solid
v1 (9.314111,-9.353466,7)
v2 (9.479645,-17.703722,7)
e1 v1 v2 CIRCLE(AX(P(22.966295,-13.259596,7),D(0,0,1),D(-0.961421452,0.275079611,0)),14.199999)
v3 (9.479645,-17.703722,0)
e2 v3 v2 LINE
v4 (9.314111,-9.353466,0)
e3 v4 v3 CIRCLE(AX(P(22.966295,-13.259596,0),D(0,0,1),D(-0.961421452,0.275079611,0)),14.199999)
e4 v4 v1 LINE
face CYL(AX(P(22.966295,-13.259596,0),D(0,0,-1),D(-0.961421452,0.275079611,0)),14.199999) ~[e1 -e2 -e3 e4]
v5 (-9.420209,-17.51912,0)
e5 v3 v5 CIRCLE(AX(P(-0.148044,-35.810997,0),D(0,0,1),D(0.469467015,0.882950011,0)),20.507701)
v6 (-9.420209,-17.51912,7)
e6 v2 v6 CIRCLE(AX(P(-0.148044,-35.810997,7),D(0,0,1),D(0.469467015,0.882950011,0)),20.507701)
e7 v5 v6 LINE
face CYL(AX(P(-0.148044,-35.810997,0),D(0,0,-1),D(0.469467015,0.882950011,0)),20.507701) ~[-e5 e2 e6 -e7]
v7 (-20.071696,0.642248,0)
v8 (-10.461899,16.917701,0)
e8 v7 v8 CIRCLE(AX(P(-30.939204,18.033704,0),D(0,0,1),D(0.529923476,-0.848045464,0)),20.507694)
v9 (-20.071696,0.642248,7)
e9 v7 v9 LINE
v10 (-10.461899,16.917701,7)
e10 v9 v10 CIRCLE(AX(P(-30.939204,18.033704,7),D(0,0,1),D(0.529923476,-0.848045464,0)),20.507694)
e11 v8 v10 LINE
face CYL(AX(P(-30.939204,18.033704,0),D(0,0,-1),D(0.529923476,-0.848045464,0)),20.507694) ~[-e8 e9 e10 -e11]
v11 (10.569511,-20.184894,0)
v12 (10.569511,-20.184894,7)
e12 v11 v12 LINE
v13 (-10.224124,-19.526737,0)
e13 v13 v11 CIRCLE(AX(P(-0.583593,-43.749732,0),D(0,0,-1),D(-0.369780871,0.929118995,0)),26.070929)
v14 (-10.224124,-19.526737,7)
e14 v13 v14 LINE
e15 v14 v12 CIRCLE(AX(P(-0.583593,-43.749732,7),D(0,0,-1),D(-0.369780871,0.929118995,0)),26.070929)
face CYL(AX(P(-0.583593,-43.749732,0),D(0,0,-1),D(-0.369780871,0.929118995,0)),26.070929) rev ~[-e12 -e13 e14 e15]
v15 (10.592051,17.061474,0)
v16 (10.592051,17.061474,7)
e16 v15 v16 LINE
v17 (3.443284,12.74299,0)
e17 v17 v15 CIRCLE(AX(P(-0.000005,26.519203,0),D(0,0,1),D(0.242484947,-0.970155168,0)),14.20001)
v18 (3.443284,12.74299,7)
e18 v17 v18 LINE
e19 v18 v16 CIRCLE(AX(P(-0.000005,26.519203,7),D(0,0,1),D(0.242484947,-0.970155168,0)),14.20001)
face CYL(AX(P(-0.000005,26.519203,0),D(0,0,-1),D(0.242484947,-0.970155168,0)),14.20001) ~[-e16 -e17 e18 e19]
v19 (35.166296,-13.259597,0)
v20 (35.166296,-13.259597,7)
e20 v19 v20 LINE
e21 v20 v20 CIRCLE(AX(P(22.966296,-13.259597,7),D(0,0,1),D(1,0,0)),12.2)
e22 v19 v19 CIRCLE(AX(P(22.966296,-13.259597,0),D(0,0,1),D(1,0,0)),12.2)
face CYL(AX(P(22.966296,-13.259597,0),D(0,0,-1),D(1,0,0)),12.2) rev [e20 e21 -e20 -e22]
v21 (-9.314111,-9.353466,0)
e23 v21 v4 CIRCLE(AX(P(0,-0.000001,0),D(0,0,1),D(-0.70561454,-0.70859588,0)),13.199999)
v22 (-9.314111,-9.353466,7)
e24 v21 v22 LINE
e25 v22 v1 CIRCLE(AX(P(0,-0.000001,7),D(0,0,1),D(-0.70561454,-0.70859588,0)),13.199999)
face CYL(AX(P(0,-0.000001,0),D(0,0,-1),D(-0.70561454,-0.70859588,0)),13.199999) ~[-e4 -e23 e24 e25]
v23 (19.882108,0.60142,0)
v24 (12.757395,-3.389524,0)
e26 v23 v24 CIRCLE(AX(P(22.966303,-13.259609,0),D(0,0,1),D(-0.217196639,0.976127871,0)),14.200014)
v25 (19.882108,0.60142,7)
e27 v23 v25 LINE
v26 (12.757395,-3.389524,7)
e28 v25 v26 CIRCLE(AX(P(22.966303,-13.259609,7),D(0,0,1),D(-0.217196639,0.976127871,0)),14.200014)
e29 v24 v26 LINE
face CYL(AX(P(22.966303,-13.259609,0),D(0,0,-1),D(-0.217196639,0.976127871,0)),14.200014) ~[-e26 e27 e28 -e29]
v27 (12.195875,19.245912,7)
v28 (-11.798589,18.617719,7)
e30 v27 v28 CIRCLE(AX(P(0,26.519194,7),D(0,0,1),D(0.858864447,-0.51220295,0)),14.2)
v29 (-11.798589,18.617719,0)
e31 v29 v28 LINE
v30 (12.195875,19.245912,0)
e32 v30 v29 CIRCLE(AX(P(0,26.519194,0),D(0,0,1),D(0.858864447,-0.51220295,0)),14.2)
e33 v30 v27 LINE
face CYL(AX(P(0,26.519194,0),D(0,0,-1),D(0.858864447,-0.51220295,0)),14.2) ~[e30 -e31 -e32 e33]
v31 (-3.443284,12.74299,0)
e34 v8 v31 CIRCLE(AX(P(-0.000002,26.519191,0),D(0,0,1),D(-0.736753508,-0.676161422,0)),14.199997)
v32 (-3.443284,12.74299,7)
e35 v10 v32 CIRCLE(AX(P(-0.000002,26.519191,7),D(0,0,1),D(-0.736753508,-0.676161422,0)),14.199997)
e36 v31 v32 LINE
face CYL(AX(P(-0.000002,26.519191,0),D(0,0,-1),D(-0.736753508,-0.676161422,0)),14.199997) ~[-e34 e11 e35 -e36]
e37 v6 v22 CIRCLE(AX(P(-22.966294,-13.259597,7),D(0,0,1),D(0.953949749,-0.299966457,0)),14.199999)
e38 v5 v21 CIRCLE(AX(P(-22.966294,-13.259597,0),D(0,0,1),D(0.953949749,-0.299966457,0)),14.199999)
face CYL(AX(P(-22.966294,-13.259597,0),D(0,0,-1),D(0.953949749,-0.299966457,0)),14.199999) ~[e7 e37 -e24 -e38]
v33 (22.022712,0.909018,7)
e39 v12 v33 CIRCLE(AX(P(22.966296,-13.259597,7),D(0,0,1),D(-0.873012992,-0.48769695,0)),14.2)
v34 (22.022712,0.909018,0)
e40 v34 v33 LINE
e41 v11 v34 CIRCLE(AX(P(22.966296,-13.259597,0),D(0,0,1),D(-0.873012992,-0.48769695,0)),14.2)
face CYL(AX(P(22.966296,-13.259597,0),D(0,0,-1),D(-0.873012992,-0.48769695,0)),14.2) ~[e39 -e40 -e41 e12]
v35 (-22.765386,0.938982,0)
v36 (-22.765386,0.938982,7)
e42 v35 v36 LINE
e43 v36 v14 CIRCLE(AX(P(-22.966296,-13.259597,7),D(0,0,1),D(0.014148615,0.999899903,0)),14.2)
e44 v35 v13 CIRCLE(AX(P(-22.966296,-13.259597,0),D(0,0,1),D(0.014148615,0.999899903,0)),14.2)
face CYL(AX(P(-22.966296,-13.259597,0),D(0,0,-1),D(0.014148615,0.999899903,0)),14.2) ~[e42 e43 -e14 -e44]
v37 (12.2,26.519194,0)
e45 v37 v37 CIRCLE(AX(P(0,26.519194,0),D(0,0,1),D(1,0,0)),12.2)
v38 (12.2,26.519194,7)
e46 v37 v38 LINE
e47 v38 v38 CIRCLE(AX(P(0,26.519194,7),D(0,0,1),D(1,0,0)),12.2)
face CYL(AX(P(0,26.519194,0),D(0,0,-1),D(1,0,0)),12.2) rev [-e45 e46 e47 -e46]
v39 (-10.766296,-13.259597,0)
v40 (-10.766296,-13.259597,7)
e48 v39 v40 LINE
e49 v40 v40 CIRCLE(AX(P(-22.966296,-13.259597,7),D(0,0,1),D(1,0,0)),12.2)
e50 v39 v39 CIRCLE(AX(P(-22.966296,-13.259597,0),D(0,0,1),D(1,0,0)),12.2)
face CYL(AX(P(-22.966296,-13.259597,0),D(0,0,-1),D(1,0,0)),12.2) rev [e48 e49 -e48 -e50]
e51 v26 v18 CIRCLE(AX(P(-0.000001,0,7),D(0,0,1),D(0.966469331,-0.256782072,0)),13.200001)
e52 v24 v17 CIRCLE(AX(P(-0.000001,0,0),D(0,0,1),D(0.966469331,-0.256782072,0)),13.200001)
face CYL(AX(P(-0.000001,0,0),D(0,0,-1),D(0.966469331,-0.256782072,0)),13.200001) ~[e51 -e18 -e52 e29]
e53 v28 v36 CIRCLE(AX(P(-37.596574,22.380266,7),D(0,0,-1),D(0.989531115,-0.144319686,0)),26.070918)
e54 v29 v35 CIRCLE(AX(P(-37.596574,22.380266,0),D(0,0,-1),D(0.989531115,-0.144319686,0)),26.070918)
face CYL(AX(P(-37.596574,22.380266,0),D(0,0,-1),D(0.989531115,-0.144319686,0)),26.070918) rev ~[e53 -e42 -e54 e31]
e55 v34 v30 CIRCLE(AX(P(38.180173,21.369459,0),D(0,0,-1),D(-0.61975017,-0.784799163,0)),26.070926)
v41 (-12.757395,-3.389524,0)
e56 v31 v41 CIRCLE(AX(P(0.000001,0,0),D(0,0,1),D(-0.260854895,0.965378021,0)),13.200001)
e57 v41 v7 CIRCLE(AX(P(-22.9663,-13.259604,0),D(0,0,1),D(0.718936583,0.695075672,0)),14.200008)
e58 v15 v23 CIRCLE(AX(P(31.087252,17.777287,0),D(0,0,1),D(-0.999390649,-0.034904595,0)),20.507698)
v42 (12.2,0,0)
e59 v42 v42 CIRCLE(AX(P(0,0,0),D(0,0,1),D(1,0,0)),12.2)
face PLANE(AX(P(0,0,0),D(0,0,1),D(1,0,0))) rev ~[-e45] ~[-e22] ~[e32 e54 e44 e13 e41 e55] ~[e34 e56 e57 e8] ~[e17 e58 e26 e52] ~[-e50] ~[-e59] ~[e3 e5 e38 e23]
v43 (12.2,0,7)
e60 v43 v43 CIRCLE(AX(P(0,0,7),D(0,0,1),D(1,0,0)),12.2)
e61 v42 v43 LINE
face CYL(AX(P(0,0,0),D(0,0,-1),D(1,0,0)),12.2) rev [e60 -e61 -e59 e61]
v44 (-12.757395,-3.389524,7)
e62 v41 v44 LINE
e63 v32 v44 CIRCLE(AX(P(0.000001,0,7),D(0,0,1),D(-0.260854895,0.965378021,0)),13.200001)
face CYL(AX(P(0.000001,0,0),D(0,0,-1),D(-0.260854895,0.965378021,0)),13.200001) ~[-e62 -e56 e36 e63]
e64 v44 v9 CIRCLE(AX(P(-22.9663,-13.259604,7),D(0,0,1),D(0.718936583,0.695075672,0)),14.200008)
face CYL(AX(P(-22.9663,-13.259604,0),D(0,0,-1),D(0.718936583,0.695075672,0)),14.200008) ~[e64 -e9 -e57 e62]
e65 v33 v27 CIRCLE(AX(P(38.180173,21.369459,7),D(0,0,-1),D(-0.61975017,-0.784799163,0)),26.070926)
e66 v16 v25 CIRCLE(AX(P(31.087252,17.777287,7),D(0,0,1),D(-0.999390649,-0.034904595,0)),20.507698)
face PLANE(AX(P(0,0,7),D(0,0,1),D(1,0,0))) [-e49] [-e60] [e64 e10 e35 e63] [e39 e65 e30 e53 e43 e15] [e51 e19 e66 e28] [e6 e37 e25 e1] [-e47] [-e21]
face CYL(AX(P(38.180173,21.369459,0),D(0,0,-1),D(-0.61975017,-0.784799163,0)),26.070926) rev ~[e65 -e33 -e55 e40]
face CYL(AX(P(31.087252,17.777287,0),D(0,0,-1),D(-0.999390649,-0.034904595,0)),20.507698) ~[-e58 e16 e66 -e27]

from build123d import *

# Parameters (mm, degrees)
F0_R     = 12.2
F1_DEPTH = 7


with BuildPart() as f1:
    # F0 (on Top) → F1 (new body)
    with BuildSketch(Plane.XY):
        with BuildLine():
            ThreePointArc((-10.461899, 16.917701), (-7.259172, 14.314915), (-3.443284, 12.74299))
            ThreePointArc((-3.443284, 12.74299), (-11.431535, 6.6), (-12.757395, -3.389524))
            ThreePointArc((-12.757395, -3.389524), (-16.111427, -0.823731), (-20.071696, 0.642248))
            ThreePointArc((-20.071696, 0.642248), (-21.411446, 0.855021), (-22.765386, 0.938982))
            ThreePointArc((-22.765386, 0.938982), (-35.073825, -20.679014), (-10.224124, -19.526737))
            ThreePointArc((-10.224124, -19.526737), (-9.783892, -18.538255), (-9.420209, -17.51912))
            ThreePointArc((-9.420209, -17.51912), (-8.767494, -13.444085), (-9.314111, -9.353466))
            ThreePointArc((-9.314111, -9.353466), (0, -13.2), (9.314111, -9.353466))
            ThreePointArc((9.314111, -9.353466), (8.769085, -13.541039), (9.479645, -17.703722))
            ThreePointArc((9.479645, -17.703722), (9.965253, -18.970367), (10.569511, -20.184894))
            ThreePointArc((10.569511, -20.184894), (35.445464, -20.035316), (22.022712, 0.909018))
            ThreePointArc((22.022712, 0.909018), (20.946546, 0.796028), (19.882108, 0.60142))
            ThreePointArc((19.882108, 0.60142), (16.026666, -0.870831), (12.757395, -3.389524))
            ThreePointArc((12.757395, -3.389524), (11.431535, 6.6), (3.443284, 12.74299))
            ThreePointArc((3.443284, 12.74299), (7.342341, 14.36477), (10.592051, 17.061474))
            ThreePointArc((10.592051, 17.061474), (11.446193, 18.115346), (12.195875, 19.245912))
            ThreePointArc((12.195875, 19.245912), (-0.371639, 40.71433), (-11.798589, 18.617719))
            ThreePointArc((-11.798589, 18.617719), (-11.162654, 17.742227), (-10.461899, 16.917701))
        make_face()
        with Locations((-22.966296, -13.259597)):
            Circle(F0_R, mode=Mode.SUBTRACT)
        with Locations((22.966296, -13.259597)):
            Circle(F0_R, mode=Mode.SUBTRACT)
        Circle(F0_R, mode=Mode.SUBTRACT)
        with Locations((0, 26.519194)):
            Circle(F0_R, mode=Mode.SUBTRACT)
        with BuildLine():
            ThreePointArc((-20.071696, 0.642248), (-13.280016, 7.606885), (-10.461899, 16.917701))
            ThreePointArc((-10.461899, 16.917701), (-11.162654, 17.742227), (-11.798589, 18.617719))
            ThreePointArc((-11.798589, 18.617719), (-15.442187, 8.637052), (-22.765386, 0.938982))
            ThreePointArc((-22.765386, 0.938982), (-21.411446, 0.855021), (-20.071696, 0.642248))
        make_face()
        with BuildLine():
            ThreePointArc((22.022712, 0.909018), (15.201, 9.054801), (12.195875, 19.245912))
            ThreePointArc((12.195875, 19.245912), (11.446193, 18.115346), (10.592051, 17.061474))
            ThreePointArc((10.592051, 17.061474), (13.227764, 7.697389), (19.882108, 0.60142))
            ThreePointArc((19.882108, 0.60142), (20.946546, 0.796028), (22.022712, 0.909018))
        make_face()
        with BuildLine():
            ThreePointArc((-9.420209, -17.51912), (-9.783892, -18.538255), (-10.224124, -19.526737))
            ThreePointArc((-10.224124, -19.526737), (0.241187, -17.691853), (10.569511, -20.184894))
            ThreePointArc((10.569511, -20.184894), (9.965253, -18.970367), (9.479645, -17.703722))
            ThreePointArc((9.479645, -17.703722), (0.052253, -15.304274), (-9.420209, -17.51912))
        make_face()
    extrude(amount=F1_DEPTH)


solid = f1.part
